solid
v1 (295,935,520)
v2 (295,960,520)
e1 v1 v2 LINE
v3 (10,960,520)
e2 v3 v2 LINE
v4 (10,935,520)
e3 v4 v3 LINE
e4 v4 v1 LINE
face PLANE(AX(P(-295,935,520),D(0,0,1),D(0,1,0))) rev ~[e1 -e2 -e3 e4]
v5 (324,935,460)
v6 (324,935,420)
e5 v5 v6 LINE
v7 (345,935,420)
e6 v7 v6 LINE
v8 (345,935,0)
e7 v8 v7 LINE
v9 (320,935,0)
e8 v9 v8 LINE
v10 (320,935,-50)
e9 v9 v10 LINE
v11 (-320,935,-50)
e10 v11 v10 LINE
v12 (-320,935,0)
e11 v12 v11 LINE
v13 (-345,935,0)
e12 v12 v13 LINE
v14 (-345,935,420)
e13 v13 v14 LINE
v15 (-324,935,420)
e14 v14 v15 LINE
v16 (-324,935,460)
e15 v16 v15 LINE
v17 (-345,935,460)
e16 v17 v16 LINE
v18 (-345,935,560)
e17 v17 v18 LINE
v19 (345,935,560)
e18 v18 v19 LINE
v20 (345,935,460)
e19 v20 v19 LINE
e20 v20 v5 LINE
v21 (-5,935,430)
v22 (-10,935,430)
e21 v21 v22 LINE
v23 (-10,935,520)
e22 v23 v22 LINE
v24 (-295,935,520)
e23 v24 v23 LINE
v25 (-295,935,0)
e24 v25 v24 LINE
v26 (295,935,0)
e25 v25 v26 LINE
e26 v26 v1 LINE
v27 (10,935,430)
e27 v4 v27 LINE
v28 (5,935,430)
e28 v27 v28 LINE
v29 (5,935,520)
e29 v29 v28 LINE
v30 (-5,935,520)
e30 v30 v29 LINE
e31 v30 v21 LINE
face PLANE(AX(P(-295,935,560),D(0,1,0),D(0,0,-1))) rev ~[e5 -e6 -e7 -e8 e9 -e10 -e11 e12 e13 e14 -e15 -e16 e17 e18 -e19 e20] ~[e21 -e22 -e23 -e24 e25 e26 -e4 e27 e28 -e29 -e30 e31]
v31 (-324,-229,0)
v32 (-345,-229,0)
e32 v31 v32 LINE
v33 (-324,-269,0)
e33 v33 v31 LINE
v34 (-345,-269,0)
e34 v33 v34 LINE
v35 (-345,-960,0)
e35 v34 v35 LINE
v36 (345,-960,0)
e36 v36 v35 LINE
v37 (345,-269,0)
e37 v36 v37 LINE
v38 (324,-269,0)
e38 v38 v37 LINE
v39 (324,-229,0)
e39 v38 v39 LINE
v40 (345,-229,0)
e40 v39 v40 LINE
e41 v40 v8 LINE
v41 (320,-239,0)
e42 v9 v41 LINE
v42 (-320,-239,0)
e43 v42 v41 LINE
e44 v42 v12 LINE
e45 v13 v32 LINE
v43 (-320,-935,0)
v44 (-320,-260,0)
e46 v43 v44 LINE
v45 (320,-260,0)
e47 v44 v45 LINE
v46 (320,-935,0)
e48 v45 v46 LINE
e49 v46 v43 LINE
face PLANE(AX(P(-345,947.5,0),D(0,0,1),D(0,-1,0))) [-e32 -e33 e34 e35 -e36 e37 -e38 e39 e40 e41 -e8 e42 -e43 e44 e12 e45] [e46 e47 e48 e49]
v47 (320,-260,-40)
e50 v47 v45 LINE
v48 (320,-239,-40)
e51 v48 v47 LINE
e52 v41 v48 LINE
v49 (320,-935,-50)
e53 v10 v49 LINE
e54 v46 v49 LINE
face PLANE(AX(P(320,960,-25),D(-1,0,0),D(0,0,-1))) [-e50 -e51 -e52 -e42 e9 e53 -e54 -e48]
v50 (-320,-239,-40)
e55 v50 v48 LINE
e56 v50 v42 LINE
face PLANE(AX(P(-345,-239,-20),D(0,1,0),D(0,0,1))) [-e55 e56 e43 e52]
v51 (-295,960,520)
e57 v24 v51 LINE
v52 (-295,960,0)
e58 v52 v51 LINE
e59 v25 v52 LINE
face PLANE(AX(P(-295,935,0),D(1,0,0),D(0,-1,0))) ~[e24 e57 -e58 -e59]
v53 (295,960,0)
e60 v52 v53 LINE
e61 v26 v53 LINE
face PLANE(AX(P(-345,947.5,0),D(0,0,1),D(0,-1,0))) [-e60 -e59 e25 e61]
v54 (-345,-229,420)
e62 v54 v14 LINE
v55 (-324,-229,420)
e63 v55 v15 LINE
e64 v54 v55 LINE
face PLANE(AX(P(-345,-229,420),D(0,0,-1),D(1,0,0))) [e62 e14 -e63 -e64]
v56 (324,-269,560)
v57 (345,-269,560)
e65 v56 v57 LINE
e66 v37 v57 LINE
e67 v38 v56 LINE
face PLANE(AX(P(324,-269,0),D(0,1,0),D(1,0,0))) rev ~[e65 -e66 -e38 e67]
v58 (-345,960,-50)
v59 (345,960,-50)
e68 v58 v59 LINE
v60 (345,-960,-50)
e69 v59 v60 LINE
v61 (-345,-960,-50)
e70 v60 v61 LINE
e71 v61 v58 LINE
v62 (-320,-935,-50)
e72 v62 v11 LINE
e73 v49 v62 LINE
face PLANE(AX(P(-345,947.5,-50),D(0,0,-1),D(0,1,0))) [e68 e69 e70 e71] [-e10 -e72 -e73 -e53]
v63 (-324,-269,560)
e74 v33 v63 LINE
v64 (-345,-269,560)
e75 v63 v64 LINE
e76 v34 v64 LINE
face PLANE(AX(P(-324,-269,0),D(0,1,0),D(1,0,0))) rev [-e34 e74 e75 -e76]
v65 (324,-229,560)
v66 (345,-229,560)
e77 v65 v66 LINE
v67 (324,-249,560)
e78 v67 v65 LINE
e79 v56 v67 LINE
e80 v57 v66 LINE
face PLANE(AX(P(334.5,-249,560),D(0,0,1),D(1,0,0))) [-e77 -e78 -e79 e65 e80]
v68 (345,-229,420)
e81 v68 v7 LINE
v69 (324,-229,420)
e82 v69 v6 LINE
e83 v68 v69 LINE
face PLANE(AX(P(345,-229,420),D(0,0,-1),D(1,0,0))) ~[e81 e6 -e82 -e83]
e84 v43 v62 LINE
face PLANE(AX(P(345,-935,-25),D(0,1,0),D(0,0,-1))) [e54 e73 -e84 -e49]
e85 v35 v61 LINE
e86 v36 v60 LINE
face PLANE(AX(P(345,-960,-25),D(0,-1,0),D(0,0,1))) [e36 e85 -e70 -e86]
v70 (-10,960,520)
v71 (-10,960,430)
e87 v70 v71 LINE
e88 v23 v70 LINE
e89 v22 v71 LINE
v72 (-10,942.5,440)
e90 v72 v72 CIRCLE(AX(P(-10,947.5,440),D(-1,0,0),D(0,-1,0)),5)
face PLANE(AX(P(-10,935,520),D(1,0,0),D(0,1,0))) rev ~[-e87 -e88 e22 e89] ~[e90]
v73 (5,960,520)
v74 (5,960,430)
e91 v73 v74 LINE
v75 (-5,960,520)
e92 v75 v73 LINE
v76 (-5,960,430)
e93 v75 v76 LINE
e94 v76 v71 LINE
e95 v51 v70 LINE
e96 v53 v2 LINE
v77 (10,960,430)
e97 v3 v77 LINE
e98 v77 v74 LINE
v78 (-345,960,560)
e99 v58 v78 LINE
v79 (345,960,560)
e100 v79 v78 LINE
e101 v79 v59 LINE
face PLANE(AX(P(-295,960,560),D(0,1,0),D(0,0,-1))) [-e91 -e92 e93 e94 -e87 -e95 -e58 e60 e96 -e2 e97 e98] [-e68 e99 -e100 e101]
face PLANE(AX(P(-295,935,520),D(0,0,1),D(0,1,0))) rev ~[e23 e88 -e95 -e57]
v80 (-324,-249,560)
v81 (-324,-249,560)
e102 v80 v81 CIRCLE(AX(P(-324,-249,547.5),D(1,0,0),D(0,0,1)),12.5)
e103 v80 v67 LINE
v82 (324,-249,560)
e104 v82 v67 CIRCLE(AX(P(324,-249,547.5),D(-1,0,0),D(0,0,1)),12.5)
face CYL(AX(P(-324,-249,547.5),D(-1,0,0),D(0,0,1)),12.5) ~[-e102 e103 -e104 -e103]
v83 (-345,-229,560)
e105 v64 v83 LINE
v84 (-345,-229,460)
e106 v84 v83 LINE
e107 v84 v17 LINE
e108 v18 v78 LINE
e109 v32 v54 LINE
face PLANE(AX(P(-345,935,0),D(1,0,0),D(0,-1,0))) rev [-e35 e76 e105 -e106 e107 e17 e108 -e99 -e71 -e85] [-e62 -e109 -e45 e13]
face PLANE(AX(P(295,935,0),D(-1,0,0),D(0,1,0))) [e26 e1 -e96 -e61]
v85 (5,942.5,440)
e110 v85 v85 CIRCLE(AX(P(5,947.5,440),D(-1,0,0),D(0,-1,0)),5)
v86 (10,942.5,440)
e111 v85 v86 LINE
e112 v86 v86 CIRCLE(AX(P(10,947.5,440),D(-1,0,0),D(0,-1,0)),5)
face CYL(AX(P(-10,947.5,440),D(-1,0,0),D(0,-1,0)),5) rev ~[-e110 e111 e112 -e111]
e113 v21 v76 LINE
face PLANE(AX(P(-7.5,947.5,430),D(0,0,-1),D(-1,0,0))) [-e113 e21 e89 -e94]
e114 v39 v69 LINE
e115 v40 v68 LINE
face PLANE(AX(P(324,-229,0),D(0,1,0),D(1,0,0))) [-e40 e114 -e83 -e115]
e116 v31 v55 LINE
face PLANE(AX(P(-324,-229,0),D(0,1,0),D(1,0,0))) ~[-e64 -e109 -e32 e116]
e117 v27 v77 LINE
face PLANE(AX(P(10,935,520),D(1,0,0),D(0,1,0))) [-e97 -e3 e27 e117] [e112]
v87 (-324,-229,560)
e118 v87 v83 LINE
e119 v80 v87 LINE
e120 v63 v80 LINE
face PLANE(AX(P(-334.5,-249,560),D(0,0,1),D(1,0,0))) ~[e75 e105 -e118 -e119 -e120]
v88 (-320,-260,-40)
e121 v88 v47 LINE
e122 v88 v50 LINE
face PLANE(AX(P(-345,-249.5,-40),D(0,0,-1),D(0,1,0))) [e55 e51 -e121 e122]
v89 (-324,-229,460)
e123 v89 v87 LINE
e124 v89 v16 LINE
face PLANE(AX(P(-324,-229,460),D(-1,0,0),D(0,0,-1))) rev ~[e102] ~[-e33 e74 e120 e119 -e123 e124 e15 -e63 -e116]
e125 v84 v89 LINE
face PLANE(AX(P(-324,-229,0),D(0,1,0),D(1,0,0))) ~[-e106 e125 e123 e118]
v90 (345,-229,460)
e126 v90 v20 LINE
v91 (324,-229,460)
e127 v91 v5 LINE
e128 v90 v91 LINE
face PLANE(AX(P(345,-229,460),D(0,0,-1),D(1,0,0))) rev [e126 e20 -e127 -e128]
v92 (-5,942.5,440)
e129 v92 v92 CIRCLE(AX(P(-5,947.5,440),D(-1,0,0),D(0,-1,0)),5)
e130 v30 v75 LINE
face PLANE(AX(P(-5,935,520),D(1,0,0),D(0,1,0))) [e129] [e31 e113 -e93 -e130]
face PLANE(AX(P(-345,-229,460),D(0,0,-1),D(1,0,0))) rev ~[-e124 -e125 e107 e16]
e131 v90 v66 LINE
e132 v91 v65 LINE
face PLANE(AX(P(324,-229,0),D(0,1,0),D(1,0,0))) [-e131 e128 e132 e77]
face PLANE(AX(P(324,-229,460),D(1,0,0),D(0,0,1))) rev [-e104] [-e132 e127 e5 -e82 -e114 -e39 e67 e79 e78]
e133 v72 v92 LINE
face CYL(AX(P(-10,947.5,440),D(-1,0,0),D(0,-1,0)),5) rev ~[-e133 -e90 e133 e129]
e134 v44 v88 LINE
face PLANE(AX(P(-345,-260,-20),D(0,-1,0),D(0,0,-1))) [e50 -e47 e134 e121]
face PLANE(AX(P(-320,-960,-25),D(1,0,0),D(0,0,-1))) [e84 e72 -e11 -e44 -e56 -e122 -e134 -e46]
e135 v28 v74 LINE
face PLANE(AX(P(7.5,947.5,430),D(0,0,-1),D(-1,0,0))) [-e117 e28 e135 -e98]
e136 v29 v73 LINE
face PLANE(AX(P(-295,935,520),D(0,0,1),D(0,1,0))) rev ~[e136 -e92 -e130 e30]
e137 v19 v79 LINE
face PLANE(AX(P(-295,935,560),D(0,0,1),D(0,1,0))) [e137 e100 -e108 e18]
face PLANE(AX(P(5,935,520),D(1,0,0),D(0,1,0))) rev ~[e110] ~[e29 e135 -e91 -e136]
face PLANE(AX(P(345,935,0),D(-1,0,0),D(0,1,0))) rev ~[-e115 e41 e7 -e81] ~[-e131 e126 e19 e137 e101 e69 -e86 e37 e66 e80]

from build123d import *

# Parameters (mm, degrees)
SKETCH5_W            = 50
SKETCH5_H            = 25
SKETCH7_W            = 40
SKETCH7_H            = 21
SKETCH9_W            = 21
SKETCH9_H            = 40
BOSS_EXTRUDE2_DEPTH  = 560
SKETCH10_W           = 50
SKETCH10_H           = 25
BOSS_EXTRUDE3_DEPTH  = 560
SKETCH11_W           = 40
SKETCH11_H           = 25
BOSS_EXTRUDE4_DEPTH  = 590
BOSS_EXTRUDE7_REACH  = 1360.803
SKETCH13_W           = 21
SKETCH13_H           = 40
BOSS_EXTRUDE11_REACH = 1299.213
SKETCH19_R           = 12.5
SKETCH21_W           = 5
SKETCH21_H           = 25
BOSS_EXTRUDE13_DEPTH = 90
SKETCH22_R           = 5
CUT_EXTRUDE1_DEPTH   = 90


with BuildPart() as part:
    # Sweep3: sweep along a path in Sketch1
    with BuildLine(Plane.XY) as sweep3_path:
        Line((-345, 960), (345, 960))
        Line((345, 960), (345, -960))
        Line((345, -960), (-345, -960))
        Line((-345, -960), (-345, 960))
    # Sketch5 → Sweep3 (sweep)
    with BuildSketch(Plane(origin=(-345, 960, 0), x_dir=(0, 0, -1), z_dir=(1, 0, 0))):
        with Locations((25, -12.5)):
            Rectangle(SKETCH5_W, SKETCH5_H)
    sweep(path=sweep3_path.line, transition=Transition.RIGHT)

    # Sweep4: sweep along a path in Sketch6
    with BuildLine(Plane.XY) as sweep4_path:
        Line((-345, -260), (345, -260))
    # Sketch7 → Sweep4 (sweep)
    with BuildSketch(Plane(origin=(345, -260, 0), x_dir=(0, 0, -1), z_dir=(1, 0, 0))):
        with Locations((20, 10.5)):
            Rectangle(SKETCH7_W, SKETCH7_H)
    sweep(path=sweep4_path.line)

    # Sketch9 → Boss-Extrude2 (add)
    with BuildSketch(Plane.XY):
        with Locations((334.5, -249)):
            Rectangle(SKETCH9_W, SKETCH9_H)
    boss_extrude2 = extrude(amount=BOSS_EXTRUDE2_DEPTH)

    # Mirror1: Boss-Extrude2 across plane
    add(boss_extrude2.mirror(Plane(origin=(0, 0, 0), x_dir=(0, 0, 1), z_dir=(1, 0, 0))))

    # Sketch10 → Boss-Extrude3 (add)
    with BuildSketch(Plane.XY):
        with Locations((320, 947.5)):
            Rectangle(SKETCH10_W, SKETCH10_H)
    boss_extrude3 = extrude(amount=BOSS_EXTRUDE3_DEPTH)

    # Mirror3: Boss-Extrude3 across plane
    add(boss_extrude3.mirror(Plane(origin=(0, 0, 0), x_dir=(0, 0, 1), z_dir=(1, 0, 0))))

    # Sketch11 → Boss-Extrude4 (add)
    with BuildSketch(Plane(origin=(-295, 0, 0), x_dir=(0, 0, -1), z_dir=(1, 0, 0))):
        with Locations((-540, 947.5)):
            Rectangle(SKETCH11_W, SKETCH11_H)
    extrude(amount=BOSS_EXTRUDE4_DEPTH)

    # Sketch13 → Boss-Extrude7 (add, up to next)
    with BuildSketch(Plane(origin=(0, -229, 0), x_dir=(1, 0, 0), z_dir=(0, 1, 0)), mode=Mode.PRIVATE) as boss_extrude7_sk1:
        with Locations((-334.5, -440)):
            Rectangle(SKETCH13_W, SKETCH13_H)
    boss_extrude7_tool1 = extrude(boss_extrude7_sk1.sketch, amount=BOSS_EXTRUDE7_REACH, mode=Mode.PRIVATE) - part.part
    boss_extrude7 = boss_extrude7_tool1.solids().sort_by_distance((-334.5, -229, 440))[0]
    add(boss_extrude7)

    # Mirror7: Boss-Extrude7 across plane
    add(boss_extrude7.mirror(Plane(origin=(0, 0, 0), x_dir=(0, 0, 1), z_dir=(1, 0, 0))))

    # Sketch19 → Boss-Extrude11 (add, up to next)
    with BuildSketch(Plane(origin=(-324, 0, 0), x_dir=(0, 0, -1), z_dir=(1, 0, 0)), mode=Mode.PRIVATE) as boss_extrude11_sk1:
        with Locations(Location((-547.5, -249, 0), (0, 0, 180))):
            Circle(SKETCH19_R)
    boss_extrude11_tool1 = extrude(boss_extrude11_sk1.sketch, amount=BOSS_EXTRUDE11_REACH, mode=Mode.PRIVATE) - part.part
    add(boss_extrude11_tool1.solids().sort_by_distance((-324, -249, 547.5))[0])

    # Sketch21 → Boss-Extrude13 (add)
    with BuildSketch(Plane(origin=(0, 0, 520), x_dir=(-1, 0, 0), z_dir=(0, 0, -1))):
        with Locations((-7.5, 947.5)):
            Rectangle(SKETCH21_W, SKETCH21_H)
        with Locations((7.5, 947.5)):
            Rectangle(SKETCH21_W, SKETCH21_H)
    extrude(amount=BOSS_EXTRUDE13_DEPTH)

    # Sketch22 → Cut-Extrude1 (cut)
    with BuildSketch(Plane.ZY.offset(10)):
        with Locations(Location((440, 947.5, 0), (0, 0, 270))):
            Circle(SKETCH22_R)
    extrude(amount=-CUT_EXTRUDE1_DEPTH, mode=Mode.SUBTRACT)


solid = part.part
